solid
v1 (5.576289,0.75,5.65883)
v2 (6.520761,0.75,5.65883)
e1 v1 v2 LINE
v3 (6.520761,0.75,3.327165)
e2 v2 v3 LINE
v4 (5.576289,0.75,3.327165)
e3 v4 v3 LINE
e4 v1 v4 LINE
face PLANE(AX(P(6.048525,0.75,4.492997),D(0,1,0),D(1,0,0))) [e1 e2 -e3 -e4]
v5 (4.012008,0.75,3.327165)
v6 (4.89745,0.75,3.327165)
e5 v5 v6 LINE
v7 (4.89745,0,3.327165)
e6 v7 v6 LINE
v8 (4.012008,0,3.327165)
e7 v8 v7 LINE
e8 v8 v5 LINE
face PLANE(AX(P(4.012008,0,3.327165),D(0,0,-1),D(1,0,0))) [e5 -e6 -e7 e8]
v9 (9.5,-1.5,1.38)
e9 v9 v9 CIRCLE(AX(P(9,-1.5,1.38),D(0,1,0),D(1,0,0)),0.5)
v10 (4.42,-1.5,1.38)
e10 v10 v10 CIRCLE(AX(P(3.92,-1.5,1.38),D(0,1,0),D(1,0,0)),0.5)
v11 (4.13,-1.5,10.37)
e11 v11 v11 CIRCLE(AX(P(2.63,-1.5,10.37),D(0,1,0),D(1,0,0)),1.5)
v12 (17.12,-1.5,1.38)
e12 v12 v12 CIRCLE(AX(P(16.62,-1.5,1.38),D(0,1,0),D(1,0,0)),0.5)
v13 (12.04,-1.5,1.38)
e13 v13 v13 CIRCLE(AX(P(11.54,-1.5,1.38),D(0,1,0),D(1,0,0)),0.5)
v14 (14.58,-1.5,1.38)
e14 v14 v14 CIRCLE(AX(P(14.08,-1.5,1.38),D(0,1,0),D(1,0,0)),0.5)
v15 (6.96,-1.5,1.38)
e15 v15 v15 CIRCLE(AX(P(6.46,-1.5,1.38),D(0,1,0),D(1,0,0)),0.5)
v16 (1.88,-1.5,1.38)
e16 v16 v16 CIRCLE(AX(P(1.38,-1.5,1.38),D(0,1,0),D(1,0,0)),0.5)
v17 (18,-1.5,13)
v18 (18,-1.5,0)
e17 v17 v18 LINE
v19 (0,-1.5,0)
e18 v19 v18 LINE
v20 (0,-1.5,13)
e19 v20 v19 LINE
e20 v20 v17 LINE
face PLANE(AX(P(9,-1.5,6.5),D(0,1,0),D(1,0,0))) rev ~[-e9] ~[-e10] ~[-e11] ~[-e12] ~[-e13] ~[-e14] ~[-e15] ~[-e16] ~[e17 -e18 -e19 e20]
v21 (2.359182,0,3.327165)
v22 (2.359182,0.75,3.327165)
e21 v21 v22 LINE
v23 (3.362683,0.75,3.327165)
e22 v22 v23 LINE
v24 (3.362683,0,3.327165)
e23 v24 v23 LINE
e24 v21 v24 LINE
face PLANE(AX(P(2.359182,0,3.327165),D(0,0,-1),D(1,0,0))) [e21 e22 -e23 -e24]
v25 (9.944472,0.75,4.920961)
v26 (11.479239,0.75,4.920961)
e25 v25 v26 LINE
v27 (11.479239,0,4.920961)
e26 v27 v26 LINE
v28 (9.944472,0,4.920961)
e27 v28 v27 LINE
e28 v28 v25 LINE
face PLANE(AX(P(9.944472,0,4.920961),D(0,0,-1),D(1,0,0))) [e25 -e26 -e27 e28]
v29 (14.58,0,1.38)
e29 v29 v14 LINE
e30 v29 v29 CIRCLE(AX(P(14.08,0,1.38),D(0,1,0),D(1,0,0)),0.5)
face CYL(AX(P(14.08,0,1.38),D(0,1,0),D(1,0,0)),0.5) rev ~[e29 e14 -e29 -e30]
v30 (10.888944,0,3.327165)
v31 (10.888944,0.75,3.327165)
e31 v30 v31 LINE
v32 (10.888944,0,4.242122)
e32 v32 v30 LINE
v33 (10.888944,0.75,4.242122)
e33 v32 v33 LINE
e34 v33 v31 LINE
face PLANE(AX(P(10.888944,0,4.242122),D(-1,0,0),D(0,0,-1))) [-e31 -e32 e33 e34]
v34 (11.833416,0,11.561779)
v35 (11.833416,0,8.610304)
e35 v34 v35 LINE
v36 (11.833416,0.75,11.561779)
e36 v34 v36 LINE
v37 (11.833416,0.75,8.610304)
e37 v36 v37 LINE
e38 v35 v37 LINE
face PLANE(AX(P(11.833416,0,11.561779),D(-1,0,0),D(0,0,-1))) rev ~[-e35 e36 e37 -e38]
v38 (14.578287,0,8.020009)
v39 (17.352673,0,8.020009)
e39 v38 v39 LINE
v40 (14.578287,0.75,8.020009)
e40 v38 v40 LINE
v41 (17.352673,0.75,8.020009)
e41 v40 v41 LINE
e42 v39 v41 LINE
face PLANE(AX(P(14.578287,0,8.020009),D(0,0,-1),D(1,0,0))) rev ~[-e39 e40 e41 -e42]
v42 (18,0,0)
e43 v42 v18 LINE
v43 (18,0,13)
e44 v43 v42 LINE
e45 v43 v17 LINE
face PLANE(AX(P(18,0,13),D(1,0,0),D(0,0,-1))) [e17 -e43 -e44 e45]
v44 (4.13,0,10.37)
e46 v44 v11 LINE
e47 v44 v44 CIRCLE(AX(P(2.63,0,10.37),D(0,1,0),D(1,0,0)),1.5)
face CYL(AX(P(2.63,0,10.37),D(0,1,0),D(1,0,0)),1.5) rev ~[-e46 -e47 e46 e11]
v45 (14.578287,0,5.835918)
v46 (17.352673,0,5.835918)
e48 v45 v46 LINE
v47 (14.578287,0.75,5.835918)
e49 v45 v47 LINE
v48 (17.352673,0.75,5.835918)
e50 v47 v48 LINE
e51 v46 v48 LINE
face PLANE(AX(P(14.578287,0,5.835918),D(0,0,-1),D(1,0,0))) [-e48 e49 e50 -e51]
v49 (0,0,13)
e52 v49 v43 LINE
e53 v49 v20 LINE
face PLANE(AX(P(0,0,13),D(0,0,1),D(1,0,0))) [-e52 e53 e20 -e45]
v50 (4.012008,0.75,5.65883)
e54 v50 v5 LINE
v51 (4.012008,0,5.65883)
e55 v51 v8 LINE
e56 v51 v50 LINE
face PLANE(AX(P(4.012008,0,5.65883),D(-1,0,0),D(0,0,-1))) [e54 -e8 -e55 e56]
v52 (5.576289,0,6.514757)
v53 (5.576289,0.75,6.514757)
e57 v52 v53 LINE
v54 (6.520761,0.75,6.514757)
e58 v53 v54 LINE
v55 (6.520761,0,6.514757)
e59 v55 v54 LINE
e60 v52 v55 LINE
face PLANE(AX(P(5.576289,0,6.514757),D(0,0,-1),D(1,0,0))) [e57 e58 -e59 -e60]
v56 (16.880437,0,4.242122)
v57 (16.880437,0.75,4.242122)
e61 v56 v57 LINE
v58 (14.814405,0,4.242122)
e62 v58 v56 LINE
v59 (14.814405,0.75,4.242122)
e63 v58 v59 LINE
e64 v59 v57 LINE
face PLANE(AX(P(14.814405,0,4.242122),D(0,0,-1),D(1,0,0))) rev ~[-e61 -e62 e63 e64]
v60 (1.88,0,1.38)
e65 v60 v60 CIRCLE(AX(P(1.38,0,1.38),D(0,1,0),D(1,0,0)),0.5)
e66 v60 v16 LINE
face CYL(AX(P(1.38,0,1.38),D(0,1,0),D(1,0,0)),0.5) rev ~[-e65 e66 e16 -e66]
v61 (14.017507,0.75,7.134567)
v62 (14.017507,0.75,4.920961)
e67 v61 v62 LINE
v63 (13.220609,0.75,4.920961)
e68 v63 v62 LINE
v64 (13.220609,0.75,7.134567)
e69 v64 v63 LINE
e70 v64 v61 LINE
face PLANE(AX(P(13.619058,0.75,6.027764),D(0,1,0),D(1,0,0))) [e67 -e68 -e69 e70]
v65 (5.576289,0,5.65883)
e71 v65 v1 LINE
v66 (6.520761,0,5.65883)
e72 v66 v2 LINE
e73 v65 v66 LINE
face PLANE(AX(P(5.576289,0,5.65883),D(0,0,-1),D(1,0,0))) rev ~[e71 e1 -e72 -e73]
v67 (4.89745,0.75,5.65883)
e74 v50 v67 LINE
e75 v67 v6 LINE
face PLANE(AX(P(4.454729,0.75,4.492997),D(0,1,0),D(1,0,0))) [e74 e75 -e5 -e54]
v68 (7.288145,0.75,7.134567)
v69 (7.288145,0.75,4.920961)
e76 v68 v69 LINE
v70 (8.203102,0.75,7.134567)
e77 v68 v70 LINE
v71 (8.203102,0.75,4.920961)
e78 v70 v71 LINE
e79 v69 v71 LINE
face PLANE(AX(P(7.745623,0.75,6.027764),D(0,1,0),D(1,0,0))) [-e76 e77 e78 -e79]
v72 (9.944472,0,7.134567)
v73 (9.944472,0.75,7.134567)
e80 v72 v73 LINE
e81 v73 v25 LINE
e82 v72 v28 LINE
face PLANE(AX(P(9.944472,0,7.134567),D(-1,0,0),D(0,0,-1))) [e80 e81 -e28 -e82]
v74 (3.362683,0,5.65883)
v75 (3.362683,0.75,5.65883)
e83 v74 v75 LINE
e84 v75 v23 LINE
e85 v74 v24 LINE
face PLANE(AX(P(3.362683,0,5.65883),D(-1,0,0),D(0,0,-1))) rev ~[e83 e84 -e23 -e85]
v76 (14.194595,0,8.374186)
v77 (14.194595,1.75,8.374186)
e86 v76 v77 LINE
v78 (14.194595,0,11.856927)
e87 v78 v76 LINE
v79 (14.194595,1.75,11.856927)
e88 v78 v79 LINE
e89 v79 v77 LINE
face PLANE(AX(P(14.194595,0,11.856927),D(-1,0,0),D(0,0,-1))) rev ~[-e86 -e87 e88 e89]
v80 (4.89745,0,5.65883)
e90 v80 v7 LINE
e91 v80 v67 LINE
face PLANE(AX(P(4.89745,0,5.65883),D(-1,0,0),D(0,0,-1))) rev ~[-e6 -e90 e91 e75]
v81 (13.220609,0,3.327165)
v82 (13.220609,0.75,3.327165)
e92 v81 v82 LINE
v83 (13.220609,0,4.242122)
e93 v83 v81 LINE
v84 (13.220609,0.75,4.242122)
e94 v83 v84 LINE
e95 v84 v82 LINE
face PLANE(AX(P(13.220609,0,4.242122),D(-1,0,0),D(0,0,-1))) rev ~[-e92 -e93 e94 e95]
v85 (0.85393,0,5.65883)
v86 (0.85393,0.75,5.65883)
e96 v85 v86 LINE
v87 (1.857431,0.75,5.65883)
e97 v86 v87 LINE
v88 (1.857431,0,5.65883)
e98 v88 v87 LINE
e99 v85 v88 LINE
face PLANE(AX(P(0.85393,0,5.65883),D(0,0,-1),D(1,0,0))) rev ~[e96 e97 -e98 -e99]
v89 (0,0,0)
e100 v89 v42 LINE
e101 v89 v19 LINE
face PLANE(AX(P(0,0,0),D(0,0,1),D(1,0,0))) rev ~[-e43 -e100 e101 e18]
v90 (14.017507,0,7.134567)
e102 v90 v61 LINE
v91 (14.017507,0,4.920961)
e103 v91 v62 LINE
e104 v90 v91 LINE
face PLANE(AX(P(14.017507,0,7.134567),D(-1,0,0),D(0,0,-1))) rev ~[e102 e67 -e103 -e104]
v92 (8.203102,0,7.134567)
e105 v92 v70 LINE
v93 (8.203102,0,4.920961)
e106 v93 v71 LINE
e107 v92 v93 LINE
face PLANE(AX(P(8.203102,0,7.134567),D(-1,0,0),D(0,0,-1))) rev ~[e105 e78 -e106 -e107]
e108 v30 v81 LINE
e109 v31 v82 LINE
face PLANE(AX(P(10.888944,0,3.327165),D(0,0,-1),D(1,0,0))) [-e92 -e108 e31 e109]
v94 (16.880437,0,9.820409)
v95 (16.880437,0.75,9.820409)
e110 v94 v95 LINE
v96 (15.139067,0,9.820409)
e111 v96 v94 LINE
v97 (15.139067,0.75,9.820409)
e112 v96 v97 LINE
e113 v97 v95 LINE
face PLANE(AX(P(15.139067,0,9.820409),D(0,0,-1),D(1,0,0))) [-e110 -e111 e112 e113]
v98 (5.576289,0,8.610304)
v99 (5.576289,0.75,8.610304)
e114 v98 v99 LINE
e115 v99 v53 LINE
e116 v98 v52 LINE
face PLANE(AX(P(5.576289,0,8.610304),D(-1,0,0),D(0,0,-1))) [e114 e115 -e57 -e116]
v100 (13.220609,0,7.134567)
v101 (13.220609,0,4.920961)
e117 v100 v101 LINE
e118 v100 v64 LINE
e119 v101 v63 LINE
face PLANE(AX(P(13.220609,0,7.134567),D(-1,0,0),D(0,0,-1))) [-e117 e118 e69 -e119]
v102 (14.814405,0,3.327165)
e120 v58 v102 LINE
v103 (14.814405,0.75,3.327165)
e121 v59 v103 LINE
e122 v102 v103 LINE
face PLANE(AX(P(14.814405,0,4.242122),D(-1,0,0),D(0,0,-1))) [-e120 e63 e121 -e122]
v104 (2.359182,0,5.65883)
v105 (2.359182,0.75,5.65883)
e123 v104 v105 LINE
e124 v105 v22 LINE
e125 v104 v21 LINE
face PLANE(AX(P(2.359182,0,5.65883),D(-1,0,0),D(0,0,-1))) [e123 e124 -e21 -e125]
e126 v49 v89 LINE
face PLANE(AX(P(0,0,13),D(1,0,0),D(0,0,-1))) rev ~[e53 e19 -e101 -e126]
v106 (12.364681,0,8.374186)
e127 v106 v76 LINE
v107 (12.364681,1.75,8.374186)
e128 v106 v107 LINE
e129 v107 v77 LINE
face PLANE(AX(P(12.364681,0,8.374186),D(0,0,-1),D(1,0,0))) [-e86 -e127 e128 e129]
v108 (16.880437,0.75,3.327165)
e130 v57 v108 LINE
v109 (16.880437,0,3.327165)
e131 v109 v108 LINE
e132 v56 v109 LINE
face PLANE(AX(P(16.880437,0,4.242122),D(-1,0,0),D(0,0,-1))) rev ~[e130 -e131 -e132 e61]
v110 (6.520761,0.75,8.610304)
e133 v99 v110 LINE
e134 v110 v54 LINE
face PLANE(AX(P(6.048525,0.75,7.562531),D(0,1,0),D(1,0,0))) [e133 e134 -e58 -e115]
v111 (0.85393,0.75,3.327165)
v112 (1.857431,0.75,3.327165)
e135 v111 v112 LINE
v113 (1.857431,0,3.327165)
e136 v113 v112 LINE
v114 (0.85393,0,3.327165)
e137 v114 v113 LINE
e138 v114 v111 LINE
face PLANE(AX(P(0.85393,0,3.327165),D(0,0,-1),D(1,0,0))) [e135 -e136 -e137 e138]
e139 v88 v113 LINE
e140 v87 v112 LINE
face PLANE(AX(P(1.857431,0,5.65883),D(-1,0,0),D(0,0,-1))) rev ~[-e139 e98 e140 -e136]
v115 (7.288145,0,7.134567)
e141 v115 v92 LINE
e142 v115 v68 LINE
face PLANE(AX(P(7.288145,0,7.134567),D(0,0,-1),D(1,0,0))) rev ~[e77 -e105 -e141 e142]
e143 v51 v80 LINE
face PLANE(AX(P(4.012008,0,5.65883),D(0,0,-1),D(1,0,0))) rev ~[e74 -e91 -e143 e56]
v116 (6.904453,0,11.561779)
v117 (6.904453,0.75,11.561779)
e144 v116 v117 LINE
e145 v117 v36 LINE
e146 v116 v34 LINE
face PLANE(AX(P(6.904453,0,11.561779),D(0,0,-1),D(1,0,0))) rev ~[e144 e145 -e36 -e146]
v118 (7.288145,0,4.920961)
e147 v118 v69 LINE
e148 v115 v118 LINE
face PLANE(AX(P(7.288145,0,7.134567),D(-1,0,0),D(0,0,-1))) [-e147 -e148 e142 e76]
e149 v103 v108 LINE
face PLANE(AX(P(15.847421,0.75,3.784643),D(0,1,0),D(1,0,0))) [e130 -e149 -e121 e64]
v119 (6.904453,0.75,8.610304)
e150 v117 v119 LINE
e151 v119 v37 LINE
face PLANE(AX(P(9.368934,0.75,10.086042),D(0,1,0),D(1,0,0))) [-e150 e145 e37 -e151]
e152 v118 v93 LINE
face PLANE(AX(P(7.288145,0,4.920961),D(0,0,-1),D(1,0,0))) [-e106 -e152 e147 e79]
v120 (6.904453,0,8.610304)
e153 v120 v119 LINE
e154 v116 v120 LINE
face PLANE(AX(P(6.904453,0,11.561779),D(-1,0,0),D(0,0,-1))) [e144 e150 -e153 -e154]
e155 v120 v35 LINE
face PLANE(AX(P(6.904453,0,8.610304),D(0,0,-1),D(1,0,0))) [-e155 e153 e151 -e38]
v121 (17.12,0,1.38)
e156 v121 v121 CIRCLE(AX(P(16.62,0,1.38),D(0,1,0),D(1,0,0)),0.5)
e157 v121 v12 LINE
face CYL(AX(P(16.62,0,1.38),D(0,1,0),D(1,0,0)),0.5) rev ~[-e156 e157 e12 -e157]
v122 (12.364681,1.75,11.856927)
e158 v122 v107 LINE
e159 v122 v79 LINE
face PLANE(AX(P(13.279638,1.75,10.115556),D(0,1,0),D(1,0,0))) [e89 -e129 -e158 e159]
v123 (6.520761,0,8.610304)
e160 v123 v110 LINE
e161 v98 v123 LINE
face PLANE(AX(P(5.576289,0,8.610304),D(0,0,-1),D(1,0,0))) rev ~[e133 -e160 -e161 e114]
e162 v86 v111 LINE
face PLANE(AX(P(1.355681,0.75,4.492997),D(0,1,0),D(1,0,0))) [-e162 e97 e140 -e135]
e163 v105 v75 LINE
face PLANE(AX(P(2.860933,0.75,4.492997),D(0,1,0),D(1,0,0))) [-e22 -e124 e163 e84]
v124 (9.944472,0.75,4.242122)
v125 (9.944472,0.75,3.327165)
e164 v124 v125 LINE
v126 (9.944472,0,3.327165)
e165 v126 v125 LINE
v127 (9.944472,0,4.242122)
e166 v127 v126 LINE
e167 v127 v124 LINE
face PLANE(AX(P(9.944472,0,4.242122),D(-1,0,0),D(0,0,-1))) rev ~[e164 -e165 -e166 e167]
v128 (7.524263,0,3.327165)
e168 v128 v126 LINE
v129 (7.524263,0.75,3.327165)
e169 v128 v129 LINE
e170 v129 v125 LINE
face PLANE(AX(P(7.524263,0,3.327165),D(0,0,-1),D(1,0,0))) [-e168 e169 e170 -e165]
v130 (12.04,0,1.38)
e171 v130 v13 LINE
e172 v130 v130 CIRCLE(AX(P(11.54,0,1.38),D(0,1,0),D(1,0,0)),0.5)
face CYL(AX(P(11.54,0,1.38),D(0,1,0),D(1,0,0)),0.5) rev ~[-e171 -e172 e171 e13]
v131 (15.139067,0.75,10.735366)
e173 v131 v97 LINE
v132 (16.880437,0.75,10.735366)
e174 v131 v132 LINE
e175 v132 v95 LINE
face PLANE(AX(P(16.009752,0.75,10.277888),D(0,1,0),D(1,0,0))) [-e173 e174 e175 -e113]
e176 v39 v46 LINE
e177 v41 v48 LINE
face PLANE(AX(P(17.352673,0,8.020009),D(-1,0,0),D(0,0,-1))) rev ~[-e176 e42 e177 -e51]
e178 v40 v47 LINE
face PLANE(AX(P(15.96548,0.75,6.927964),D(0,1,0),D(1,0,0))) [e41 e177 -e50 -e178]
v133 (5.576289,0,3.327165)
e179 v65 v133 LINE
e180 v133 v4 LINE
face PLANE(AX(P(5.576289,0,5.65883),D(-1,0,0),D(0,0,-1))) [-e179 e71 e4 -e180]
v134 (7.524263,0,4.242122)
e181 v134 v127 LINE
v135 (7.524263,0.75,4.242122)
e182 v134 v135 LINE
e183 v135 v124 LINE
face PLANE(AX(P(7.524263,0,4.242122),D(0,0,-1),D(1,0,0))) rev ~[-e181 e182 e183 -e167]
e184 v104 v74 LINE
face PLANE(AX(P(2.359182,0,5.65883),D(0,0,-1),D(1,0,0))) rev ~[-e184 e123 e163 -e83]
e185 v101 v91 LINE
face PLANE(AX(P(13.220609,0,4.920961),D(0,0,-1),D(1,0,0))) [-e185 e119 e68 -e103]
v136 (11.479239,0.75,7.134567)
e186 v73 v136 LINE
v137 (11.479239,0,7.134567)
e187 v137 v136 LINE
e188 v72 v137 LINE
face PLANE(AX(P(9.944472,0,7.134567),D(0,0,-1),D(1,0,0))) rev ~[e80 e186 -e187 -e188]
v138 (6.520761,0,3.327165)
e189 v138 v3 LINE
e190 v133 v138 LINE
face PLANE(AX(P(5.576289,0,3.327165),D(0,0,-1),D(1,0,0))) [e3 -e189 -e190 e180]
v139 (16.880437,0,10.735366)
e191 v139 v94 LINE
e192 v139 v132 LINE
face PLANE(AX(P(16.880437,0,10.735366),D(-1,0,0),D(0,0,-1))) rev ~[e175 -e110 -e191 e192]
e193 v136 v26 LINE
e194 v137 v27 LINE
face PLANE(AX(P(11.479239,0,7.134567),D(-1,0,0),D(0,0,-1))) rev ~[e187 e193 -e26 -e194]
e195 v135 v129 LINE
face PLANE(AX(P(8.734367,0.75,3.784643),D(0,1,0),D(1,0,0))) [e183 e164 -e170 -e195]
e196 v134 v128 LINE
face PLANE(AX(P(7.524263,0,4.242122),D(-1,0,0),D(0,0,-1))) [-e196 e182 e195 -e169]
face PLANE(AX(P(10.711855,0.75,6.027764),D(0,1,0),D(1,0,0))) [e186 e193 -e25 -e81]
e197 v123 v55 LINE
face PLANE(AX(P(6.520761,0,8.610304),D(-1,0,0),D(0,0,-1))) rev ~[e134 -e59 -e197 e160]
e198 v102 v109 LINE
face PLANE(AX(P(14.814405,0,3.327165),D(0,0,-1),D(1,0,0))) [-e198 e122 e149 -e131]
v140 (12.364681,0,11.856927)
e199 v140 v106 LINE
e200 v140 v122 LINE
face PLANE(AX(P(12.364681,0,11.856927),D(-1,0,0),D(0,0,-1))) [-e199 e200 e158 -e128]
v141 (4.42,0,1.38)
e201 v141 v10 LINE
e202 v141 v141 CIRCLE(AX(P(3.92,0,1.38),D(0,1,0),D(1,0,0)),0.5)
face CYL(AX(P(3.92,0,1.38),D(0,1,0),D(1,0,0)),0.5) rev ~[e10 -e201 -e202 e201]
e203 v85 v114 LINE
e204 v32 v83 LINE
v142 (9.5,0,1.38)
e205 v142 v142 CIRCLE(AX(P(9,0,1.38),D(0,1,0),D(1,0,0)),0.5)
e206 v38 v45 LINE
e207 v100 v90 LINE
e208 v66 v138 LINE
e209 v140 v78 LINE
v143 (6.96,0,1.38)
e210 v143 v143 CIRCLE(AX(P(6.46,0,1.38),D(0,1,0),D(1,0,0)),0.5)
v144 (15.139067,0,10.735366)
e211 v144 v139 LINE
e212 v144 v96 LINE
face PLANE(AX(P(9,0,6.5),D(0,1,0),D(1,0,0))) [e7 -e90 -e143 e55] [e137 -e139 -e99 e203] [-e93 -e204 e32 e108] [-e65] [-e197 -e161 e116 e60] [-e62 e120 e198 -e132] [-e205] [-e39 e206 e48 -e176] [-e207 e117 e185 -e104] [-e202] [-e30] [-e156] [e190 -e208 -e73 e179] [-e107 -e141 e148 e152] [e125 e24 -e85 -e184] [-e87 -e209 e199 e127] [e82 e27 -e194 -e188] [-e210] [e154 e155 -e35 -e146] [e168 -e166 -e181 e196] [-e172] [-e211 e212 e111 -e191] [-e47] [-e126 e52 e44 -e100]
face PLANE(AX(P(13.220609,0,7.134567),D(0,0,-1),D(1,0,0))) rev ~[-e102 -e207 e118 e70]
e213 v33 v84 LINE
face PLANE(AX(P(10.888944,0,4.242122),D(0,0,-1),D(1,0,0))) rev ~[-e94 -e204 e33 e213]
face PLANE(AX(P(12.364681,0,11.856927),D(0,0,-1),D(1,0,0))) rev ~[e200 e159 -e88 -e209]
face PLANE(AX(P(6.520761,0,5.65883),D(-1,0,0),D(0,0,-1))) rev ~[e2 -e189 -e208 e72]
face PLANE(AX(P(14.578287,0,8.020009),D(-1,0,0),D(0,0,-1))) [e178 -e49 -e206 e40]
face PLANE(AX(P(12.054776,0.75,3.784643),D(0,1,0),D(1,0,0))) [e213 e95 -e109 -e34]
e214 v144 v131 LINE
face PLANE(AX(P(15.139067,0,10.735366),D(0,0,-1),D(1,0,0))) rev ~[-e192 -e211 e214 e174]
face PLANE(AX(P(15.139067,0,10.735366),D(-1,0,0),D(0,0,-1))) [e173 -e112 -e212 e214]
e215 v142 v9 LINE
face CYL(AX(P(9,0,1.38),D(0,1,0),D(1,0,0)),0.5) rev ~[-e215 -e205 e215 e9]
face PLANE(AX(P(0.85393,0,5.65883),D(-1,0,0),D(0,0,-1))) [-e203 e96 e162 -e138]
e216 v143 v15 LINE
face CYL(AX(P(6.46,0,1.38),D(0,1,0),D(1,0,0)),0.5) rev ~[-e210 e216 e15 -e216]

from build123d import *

# Parameters (mm, degrees)
SKETCH1_W           = 18
SKETCH1_H           = 13
SKETCH1_R           = 0.5
SKETCH1_R_2         = 1.5
BOSS_EXTRUDE1_DEPTH = 1.5
SKETCH2_W           = 1.829914293
SKETCH2_H           = 3.482740107
BOSS_EXTRUDE2_DEPTH = 1.75
SKETCH3_W           = 4.928962693
SKETCH3_H           = 2.951474666
SKETCH3_W_2         = 1.003501387
SKETCH3_H_2         = 2.331664987
SKETCH3_W_3         = 0.8854424
SKETCH3_W_4         = 0.944471893
SKETCH3_H_3         = 2.095547014
SKETCH3_W_5         = 0.914957147
SKETCH3_H_4         = 2.213606
SKETCH3_W_6         = 2.420209226
SKETCH3_H_5         = 0.914957147
SKETCH3_W_7         = 2.331664986
SKETCH3_W_8         = 2.066032267
SKETCH3_W_9         = 0.79689816
SKETCH3_W_10        = 2.774386186
SKETCH3_H_6         = 2.184091253
SKETCH3_W_11        = 1.741370054
SKETCH3_W_12        = 1.534766827
BOSS_EXTRUDE3_DEPTH = 0.75


with BuildPart() as part:
    # Sketch1 → Boss-Extrude1 (new body)
    with BuildSketch(Plane(origin=(0, 0, 0), x_dir=(1, 0, 0), z_dir=(0, 1, 0))):
        with Locations((9, -6.5)):
            Rectangle(SKETCH1_W, SKETCH1_H)
        with Locations((1.38, -1.38)):
            Circle(SKETCH1_R, mode=Mode.SUBTRACT)
        with Locations((3.92, -1.38)):
            Circle(SKETCH1_R, mode=Mode.SUBTRACT)
        with Locations((6.46, -1.38)):
            Circle(SKETCH1_R, mode=Mode.SUBTRACT)
        with Locations((9, -1.38)):
            Circle(SKETCH1_R, mode=Mode.SUBTRACT)
        with Locations((11.54, -1.38)):
            Circle(SKETCH1_R, mode=Mode.SUBTRACT)
        with Locations((14.08, -1.38)):
            Circle(SKETCH1_R, mode=Mode.SUBTRACT)
        with Locations((16.62, -1.38)):
            Circle(SKETCH1_R, mode=Mode.SUBTRACT)
        with Locations((2.63, -10.37)):
            Circle(SKETCH1_R_2, mode=Mode.SUBTRACT)
    extrude(amount=-BOSS_EXTRUDE1_DEPTH)

    # Sketch2 → Boss-Extrude2 (add)
    with BuildSketch(Plane(origin=(0, 0, 0), x_dir=(1, 0, 0), z_dir=(0, 1, 0))):
        with Locations((13.279638267, -10.115556466)):
            Rectangle(SKETCH2_W, SKETCH2_H)
    extrude(amount=BOSS_EXTRUDE2_DEPTH)

    # Sketch3 → Boss-Extrude3 (add)
    with BuildSketch(Plane(origin=(0, 0, 0), x_dir=(1, 0, 0), z_dir=(0, 1, 0))):
        with Locations((9.368934334, -10.08604172)):
            Rectangle(SKETCH3_W, SKETCH3_H)
        with Locations((1.355680614, -4.492997226)):
            Rectangle(SKETCH3_W_2, SKETCH3_H_2)
        with Locations((2.860932694, -4.492997226)):
            Rectangle(SKETCH3_W_2, SKETCH3_H_2)
        with Locations((4.454729013, -4.492997226)):
            Rectangle(SKETCH3_W_3, SKETCH3_H_2)
        with Locations((6.048525334, -4.492997226)):
            Rectangle(SKETCH3_W_4, SKETCH3_H_2)
        with Locations((6.048525334, -7.56253088)):
            Rectangle(SKETCH3_W_4, SKETCH3_H_3)
        with Locations((7.745623267, -6.027764053)):
            Rectangle(SKETCH3_W_5, SKETCH3_H_4)
        with Locations((8.73436728, -3.784643307)):
            Rectangle(SKETCH3_W_6, SKETCH3_H_5)
        with Locations((12.05477628, -3.784643307)):
            Rectangle(SKETCH3_W_7, SKETCH3_H_5)
        with Locations((15.847421227, -3.784643307)):
            Rectangle(SKETCH3_W_8, SKETCH3_H_5)
        with Locations((13.619057853, -6.027764053)):
            Rectangle(SKETCH3_W_9, SKETCH3_H_4)
        with Locations((15.965480213, -6.927963827)):
            Rectangle(SKETCH3_W_10, SKETCH3_H_6)
        with Locations((16.009752333, -10.277887574)):
            Rectangle(SKETCH3_W_11, SKETCH3_H_5)
        with Locations((10.711855307, -6.027764053)):
            Rectangle(SKETCH3_W_12, SKETCH3_H_4)
    extrude(amount=BOSS_EXTRUDE3_DEPTH)


solid = part.part
